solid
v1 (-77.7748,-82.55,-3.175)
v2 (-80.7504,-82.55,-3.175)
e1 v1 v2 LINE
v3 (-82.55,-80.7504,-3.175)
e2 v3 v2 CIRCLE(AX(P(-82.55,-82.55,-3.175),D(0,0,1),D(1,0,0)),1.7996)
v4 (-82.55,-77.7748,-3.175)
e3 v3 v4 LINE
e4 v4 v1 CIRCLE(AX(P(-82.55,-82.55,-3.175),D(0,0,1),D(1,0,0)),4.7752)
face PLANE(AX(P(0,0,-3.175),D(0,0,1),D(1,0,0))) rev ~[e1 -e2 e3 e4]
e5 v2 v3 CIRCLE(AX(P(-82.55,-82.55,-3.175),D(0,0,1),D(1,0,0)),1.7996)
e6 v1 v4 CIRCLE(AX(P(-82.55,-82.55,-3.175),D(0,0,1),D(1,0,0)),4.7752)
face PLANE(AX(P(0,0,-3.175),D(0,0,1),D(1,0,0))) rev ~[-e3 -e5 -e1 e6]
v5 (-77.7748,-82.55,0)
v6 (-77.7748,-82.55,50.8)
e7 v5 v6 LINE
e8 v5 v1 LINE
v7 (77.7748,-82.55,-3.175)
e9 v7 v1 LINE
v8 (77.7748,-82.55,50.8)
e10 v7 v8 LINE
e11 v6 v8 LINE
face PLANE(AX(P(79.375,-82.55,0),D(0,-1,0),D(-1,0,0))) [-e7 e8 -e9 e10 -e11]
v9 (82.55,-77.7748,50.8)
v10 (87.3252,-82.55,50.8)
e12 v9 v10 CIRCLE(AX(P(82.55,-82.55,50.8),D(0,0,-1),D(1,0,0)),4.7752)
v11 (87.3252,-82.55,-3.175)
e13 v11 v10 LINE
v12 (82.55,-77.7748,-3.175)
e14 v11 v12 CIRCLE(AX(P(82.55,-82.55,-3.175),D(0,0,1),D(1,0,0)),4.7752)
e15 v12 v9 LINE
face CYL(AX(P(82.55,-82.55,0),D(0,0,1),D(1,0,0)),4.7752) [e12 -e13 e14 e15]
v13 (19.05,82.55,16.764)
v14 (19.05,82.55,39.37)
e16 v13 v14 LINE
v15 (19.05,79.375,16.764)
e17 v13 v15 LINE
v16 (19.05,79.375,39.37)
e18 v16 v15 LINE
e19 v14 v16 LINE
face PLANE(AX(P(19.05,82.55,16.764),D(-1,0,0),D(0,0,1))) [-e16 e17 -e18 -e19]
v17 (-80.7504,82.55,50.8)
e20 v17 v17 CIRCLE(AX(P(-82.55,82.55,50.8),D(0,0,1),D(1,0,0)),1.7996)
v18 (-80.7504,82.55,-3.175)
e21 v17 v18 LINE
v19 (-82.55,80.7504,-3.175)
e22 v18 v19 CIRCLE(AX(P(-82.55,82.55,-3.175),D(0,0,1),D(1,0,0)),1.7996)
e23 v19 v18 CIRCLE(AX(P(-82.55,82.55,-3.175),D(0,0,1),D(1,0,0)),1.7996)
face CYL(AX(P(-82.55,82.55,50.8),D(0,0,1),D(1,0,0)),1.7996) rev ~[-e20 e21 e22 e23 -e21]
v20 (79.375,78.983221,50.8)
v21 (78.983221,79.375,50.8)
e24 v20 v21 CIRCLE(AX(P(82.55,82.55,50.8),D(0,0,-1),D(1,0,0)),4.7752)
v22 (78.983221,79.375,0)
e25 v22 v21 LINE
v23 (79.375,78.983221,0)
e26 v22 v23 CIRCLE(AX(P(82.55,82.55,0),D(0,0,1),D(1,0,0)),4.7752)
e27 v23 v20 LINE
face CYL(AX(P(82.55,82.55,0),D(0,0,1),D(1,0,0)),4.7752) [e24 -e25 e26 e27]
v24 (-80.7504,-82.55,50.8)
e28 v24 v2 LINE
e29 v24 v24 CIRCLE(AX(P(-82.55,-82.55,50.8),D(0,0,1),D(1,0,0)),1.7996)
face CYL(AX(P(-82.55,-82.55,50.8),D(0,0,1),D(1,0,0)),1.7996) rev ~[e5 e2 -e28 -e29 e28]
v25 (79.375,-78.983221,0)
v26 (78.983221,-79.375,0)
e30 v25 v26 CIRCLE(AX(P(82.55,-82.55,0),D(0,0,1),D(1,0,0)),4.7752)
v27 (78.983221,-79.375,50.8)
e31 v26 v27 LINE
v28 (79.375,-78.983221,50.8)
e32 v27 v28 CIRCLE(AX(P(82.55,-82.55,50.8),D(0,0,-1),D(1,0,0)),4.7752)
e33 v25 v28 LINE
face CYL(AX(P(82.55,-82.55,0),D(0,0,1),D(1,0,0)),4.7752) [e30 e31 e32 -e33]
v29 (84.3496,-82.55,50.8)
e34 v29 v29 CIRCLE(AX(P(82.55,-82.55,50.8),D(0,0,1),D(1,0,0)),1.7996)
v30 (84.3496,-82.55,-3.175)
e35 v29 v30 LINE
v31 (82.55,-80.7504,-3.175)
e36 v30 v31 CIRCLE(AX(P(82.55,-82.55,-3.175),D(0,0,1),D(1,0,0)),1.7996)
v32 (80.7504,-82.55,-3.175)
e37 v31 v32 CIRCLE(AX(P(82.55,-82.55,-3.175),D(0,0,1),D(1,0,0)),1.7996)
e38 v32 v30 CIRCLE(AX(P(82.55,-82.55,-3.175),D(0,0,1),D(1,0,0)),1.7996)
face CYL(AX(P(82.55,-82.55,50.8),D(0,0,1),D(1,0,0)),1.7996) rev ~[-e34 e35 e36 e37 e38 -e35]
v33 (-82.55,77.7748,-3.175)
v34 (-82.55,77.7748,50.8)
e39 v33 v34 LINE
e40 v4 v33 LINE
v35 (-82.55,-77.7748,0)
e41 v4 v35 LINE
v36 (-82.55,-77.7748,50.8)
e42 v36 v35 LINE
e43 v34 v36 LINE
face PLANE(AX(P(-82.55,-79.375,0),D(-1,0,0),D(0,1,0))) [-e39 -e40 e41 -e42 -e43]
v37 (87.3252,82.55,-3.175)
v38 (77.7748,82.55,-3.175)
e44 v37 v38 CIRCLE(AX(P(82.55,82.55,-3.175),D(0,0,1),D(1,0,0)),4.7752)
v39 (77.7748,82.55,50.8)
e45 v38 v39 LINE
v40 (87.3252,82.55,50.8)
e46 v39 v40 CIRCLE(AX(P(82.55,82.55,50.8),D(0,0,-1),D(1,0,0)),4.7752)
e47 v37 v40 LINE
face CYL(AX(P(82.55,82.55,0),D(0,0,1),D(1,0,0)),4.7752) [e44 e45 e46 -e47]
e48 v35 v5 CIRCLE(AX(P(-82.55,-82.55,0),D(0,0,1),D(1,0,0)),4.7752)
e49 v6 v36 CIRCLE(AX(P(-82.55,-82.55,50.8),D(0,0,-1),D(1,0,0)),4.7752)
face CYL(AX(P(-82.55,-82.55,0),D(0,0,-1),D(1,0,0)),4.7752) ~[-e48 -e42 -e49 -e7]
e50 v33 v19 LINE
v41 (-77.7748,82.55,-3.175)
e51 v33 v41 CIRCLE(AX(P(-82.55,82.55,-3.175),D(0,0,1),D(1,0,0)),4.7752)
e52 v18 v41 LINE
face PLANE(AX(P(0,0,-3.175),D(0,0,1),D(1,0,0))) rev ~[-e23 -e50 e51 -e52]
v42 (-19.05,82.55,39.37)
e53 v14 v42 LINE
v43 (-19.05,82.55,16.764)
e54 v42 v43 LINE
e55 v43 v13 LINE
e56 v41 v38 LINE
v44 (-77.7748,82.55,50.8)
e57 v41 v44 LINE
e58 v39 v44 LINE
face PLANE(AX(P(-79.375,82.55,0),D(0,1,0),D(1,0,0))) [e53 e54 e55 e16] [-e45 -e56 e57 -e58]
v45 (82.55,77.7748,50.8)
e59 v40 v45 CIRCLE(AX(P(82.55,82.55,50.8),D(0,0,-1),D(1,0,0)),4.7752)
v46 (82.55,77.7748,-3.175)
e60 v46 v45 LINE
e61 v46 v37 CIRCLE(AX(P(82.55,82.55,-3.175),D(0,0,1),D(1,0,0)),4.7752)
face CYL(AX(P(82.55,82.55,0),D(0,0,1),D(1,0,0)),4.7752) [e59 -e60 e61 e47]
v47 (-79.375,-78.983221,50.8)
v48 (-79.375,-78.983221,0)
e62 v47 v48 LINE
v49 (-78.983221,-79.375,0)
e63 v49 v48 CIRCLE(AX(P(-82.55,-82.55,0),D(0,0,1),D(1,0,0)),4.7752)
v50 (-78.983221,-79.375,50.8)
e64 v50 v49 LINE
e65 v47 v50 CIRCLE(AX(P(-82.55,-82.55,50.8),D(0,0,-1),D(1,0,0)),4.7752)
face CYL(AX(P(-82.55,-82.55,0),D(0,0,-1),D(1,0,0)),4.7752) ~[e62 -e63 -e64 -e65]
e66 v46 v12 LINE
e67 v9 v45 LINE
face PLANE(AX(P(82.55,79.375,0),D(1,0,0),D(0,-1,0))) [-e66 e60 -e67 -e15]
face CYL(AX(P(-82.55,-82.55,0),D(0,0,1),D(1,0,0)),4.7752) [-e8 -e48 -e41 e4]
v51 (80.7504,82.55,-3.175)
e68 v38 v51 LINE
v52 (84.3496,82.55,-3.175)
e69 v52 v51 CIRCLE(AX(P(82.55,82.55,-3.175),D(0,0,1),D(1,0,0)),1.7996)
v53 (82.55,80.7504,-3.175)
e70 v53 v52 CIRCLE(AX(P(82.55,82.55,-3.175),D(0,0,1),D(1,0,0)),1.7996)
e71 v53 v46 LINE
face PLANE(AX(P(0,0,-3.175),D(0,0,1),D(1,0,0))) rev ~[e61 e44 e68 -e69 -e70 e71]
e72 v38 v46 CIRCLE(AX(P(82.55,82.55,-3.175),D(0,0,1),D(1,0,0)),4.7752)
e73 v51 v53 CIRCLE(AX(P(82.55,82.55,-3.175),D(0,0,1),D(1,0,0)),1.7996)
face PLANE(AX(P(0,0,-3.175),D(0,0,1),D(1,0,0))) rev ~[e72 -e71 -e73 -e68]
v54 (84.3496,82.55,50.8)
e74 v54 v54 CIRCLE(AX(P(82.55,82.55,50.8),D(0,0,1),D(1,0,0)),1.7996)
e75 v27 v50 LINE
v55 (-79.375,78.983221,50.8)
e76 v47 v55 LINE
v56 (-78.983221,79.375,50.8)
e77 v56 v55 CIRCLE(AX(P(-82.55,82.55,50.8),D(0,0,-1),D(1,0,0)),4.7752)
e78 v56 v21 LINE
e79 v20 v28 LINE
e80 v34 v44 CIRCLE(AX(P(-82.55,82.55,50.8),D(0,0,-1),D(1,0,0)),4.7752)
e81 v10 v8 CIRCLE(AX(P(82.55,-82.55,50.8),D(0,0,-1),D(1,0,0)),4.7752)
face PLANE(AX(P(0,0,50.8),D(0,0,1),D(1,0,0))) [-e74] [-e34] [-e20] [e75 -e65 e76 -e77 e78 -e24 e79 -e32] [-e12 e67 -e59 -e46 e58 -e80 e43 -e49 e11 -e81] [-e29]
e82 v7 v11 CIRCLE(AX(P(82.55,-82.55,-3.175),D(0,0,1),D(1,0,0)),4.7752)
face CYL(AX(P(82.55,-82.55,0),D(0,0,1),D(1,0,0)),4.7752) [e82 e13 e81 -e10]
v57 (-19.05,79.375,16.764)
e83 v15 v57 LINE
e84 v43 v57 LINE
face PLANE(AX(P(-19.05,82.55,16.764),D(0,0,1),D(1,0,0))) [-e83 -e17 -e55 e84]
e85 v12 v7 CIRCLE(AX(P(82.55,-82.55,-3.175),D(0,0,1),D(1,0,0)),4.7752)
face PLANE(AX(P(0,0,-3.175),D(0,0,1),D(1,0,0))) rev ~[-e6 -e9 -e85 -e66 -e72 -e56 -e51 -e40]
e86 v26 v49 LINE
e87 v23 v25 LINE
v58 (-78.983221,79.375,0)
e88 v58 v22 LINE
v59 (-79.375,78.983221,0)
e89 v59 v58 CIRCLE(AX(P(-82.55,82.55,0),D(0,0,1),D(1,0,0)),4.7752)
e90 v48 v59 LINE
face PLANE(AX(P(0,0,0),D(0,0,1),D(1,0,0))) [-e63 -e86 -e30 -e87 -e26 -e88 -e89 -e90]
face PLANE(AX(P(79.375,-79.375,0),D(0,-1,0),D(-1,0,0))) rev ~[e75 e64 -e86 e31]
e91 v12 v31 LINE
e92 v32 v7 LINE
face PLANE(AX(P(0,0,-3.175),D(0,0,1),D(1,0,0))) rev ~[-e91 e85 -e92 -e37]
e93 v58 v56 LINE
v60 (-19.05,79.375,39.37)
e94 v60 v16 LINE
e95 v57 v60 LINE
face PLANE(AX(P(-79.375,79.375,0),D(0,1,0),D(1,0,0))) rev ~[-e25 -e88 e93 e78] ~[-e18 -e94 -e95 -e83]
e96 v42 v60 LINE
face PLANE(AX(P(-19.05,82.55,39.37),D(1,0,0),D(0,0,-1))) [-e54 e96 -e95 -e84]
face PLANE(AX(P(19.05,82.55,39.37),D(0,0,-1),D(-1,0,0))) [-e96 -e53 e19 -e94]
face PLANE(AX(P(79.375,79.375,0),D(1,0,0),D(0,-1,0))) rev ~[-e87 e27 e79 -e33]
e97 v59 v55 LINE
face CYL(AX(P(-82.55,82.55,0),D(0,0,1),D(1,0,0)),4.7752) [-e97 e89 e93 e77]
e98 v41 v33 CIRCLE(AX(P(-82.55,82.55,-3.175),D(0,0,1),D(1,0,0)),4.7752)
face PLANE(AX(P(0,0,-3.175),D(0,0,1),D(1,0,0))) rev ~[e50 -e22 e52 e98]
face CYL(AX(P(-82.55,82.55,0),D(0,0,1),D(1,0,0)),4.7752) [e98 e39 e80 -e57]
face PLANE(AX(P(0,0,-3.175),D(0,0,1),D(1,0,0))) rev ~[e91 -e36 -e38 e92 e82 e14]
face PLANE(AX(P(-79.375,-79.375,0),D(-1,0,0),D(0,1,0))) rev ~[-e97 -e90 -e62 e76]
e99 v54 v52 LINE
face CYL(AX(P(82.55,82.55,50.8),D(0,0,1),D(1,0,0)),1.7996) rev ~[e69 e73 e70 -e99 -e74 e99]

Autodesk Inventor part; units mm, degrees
ref_plane "YZ Plane" through (0, 0, 0) normal (1, 0, 0) x (0, 1, 0)
ref_plane "XZ Plane" through (0, 0, 0) normal (0, 1, 0) x (-1, 0, 0)
ref_plane "XY Plane" through (0, 0, 0) normal (0, 0, 1) x (1, 0, 0)
sketch "Sketch1" plane through (0, 0, 0) normal (0, 0, 1) x (1, 0, 0)
  line L0 (-79.375, 79.375) -> (79.375, 79.375)
  line L1 (79.375, 79.375) -> (79.375, -79.375)
  line L2 (79.375, -79.375) -> (-79.375, -79.375)
  line L3 (-79.375, -79.375) -> (-79.375, 79.375)
  line L4 (-79.375, 79.375) -> (79.375, -79.375) construction
  line L5 (79.375, 79.375) -> (-79.375, -79.375) construction
  point P0 (0, 0)
  dimension "d0" = 158.75
extrude "Extrusion1" add sketch "Sketch1" along normal blind 50.8
shell "Shell1" thickness 3.175 outward yes removed faces 1 at (-26.4583, 26.4583, 50.8)
sketch "Sketch2" plane through (0, 0, 0) normal (0, 0, 1) x (1, 0, 0)
  line L0 (-82.55, 82.55) -> (-82.55, -82.55) projected
  circle A0 centre (-82.55, 82.55) radius 4.7752
  line L1 (82.55, -82.55) -> (82.55, 82.55) projected
  circle A1 centre (82.55, 82.55) radius 4.7752
  line L2 (-82.55, -82.55) -> (82.55, -82.55) projected
  circle A2 centre (82.55, -82.55) radius 4.7752
  circle A3 centre (-82.55, -82.55) radius 4.7752
  point P0 (0, 0)
  dimension "d4" = 9.5504
extrude "Extrusion2" add sketch "Sketch2" along normal blind 50.8 and the other way blind 3.175
sketch "Sketch3" plane through (0, 0, 50.8) normal (0, 0, 1) x (1, 0, 0)
  line L0 (-82.55, 77.7748) -> (-82.55, -77.7748) projected
  circle A0 centre (-82.55, -82.55) radius 1.7996
  circle A1 centre (82.55, 82.55) radius 1.7996
  line L1 (-77.7748, -82.55) -> (77.7748, -82.55) projected
  circle A2 centre (82.55, -82.55) radius 1.7996
  circle A3 centre (-82.55, 82.55) radius 1.7996
  point P0 (0, 0)
  dimension "d9" = 3.5992
extrude "Extrusion3" cut sketch "Sketch3" along normal mid plane 107.95
sketch "Sketch4" plane through (-77.7748, 82.55, -3.175) normal (0, 1, 0) x (1, 0, 0)
  line L0 (58.7248, -19.939) -> (96.8248, -19.939)
  line L1 (96.8248, -19.939) -> (96.8248, -42.545)
  line L2 (96.8248, -42.545) -> (58.7248, -42.545)
  line L3 (58.7248, -42.545) -> (58.7248, -19.939)
  line L4 (58.7248, -19.939) -> (96.8248, -42.545) construction
  line L5 (96.8248, -19.939) -> (58.7248, -42.545) construction
  line L6 (155.5496, -53.975) -> (0, -53.975) projected
  point P0 (77.7748, -3.175)
  point P1 (77.7748, -31.242)
  point P2 (77.7748, -31.242)
  point P3 (160.9128, -53.975)
  point P4 (-0.588, -53.975)
  dimension "d12" = 38.1
  dimension "d13" = 22.606
  dimension "d14" = 11.43
extrude "Extrusion4" cut sketch "Sketch4" against normal up to next
properties part number "PS-01" material "Aluminum 6061(1)"
